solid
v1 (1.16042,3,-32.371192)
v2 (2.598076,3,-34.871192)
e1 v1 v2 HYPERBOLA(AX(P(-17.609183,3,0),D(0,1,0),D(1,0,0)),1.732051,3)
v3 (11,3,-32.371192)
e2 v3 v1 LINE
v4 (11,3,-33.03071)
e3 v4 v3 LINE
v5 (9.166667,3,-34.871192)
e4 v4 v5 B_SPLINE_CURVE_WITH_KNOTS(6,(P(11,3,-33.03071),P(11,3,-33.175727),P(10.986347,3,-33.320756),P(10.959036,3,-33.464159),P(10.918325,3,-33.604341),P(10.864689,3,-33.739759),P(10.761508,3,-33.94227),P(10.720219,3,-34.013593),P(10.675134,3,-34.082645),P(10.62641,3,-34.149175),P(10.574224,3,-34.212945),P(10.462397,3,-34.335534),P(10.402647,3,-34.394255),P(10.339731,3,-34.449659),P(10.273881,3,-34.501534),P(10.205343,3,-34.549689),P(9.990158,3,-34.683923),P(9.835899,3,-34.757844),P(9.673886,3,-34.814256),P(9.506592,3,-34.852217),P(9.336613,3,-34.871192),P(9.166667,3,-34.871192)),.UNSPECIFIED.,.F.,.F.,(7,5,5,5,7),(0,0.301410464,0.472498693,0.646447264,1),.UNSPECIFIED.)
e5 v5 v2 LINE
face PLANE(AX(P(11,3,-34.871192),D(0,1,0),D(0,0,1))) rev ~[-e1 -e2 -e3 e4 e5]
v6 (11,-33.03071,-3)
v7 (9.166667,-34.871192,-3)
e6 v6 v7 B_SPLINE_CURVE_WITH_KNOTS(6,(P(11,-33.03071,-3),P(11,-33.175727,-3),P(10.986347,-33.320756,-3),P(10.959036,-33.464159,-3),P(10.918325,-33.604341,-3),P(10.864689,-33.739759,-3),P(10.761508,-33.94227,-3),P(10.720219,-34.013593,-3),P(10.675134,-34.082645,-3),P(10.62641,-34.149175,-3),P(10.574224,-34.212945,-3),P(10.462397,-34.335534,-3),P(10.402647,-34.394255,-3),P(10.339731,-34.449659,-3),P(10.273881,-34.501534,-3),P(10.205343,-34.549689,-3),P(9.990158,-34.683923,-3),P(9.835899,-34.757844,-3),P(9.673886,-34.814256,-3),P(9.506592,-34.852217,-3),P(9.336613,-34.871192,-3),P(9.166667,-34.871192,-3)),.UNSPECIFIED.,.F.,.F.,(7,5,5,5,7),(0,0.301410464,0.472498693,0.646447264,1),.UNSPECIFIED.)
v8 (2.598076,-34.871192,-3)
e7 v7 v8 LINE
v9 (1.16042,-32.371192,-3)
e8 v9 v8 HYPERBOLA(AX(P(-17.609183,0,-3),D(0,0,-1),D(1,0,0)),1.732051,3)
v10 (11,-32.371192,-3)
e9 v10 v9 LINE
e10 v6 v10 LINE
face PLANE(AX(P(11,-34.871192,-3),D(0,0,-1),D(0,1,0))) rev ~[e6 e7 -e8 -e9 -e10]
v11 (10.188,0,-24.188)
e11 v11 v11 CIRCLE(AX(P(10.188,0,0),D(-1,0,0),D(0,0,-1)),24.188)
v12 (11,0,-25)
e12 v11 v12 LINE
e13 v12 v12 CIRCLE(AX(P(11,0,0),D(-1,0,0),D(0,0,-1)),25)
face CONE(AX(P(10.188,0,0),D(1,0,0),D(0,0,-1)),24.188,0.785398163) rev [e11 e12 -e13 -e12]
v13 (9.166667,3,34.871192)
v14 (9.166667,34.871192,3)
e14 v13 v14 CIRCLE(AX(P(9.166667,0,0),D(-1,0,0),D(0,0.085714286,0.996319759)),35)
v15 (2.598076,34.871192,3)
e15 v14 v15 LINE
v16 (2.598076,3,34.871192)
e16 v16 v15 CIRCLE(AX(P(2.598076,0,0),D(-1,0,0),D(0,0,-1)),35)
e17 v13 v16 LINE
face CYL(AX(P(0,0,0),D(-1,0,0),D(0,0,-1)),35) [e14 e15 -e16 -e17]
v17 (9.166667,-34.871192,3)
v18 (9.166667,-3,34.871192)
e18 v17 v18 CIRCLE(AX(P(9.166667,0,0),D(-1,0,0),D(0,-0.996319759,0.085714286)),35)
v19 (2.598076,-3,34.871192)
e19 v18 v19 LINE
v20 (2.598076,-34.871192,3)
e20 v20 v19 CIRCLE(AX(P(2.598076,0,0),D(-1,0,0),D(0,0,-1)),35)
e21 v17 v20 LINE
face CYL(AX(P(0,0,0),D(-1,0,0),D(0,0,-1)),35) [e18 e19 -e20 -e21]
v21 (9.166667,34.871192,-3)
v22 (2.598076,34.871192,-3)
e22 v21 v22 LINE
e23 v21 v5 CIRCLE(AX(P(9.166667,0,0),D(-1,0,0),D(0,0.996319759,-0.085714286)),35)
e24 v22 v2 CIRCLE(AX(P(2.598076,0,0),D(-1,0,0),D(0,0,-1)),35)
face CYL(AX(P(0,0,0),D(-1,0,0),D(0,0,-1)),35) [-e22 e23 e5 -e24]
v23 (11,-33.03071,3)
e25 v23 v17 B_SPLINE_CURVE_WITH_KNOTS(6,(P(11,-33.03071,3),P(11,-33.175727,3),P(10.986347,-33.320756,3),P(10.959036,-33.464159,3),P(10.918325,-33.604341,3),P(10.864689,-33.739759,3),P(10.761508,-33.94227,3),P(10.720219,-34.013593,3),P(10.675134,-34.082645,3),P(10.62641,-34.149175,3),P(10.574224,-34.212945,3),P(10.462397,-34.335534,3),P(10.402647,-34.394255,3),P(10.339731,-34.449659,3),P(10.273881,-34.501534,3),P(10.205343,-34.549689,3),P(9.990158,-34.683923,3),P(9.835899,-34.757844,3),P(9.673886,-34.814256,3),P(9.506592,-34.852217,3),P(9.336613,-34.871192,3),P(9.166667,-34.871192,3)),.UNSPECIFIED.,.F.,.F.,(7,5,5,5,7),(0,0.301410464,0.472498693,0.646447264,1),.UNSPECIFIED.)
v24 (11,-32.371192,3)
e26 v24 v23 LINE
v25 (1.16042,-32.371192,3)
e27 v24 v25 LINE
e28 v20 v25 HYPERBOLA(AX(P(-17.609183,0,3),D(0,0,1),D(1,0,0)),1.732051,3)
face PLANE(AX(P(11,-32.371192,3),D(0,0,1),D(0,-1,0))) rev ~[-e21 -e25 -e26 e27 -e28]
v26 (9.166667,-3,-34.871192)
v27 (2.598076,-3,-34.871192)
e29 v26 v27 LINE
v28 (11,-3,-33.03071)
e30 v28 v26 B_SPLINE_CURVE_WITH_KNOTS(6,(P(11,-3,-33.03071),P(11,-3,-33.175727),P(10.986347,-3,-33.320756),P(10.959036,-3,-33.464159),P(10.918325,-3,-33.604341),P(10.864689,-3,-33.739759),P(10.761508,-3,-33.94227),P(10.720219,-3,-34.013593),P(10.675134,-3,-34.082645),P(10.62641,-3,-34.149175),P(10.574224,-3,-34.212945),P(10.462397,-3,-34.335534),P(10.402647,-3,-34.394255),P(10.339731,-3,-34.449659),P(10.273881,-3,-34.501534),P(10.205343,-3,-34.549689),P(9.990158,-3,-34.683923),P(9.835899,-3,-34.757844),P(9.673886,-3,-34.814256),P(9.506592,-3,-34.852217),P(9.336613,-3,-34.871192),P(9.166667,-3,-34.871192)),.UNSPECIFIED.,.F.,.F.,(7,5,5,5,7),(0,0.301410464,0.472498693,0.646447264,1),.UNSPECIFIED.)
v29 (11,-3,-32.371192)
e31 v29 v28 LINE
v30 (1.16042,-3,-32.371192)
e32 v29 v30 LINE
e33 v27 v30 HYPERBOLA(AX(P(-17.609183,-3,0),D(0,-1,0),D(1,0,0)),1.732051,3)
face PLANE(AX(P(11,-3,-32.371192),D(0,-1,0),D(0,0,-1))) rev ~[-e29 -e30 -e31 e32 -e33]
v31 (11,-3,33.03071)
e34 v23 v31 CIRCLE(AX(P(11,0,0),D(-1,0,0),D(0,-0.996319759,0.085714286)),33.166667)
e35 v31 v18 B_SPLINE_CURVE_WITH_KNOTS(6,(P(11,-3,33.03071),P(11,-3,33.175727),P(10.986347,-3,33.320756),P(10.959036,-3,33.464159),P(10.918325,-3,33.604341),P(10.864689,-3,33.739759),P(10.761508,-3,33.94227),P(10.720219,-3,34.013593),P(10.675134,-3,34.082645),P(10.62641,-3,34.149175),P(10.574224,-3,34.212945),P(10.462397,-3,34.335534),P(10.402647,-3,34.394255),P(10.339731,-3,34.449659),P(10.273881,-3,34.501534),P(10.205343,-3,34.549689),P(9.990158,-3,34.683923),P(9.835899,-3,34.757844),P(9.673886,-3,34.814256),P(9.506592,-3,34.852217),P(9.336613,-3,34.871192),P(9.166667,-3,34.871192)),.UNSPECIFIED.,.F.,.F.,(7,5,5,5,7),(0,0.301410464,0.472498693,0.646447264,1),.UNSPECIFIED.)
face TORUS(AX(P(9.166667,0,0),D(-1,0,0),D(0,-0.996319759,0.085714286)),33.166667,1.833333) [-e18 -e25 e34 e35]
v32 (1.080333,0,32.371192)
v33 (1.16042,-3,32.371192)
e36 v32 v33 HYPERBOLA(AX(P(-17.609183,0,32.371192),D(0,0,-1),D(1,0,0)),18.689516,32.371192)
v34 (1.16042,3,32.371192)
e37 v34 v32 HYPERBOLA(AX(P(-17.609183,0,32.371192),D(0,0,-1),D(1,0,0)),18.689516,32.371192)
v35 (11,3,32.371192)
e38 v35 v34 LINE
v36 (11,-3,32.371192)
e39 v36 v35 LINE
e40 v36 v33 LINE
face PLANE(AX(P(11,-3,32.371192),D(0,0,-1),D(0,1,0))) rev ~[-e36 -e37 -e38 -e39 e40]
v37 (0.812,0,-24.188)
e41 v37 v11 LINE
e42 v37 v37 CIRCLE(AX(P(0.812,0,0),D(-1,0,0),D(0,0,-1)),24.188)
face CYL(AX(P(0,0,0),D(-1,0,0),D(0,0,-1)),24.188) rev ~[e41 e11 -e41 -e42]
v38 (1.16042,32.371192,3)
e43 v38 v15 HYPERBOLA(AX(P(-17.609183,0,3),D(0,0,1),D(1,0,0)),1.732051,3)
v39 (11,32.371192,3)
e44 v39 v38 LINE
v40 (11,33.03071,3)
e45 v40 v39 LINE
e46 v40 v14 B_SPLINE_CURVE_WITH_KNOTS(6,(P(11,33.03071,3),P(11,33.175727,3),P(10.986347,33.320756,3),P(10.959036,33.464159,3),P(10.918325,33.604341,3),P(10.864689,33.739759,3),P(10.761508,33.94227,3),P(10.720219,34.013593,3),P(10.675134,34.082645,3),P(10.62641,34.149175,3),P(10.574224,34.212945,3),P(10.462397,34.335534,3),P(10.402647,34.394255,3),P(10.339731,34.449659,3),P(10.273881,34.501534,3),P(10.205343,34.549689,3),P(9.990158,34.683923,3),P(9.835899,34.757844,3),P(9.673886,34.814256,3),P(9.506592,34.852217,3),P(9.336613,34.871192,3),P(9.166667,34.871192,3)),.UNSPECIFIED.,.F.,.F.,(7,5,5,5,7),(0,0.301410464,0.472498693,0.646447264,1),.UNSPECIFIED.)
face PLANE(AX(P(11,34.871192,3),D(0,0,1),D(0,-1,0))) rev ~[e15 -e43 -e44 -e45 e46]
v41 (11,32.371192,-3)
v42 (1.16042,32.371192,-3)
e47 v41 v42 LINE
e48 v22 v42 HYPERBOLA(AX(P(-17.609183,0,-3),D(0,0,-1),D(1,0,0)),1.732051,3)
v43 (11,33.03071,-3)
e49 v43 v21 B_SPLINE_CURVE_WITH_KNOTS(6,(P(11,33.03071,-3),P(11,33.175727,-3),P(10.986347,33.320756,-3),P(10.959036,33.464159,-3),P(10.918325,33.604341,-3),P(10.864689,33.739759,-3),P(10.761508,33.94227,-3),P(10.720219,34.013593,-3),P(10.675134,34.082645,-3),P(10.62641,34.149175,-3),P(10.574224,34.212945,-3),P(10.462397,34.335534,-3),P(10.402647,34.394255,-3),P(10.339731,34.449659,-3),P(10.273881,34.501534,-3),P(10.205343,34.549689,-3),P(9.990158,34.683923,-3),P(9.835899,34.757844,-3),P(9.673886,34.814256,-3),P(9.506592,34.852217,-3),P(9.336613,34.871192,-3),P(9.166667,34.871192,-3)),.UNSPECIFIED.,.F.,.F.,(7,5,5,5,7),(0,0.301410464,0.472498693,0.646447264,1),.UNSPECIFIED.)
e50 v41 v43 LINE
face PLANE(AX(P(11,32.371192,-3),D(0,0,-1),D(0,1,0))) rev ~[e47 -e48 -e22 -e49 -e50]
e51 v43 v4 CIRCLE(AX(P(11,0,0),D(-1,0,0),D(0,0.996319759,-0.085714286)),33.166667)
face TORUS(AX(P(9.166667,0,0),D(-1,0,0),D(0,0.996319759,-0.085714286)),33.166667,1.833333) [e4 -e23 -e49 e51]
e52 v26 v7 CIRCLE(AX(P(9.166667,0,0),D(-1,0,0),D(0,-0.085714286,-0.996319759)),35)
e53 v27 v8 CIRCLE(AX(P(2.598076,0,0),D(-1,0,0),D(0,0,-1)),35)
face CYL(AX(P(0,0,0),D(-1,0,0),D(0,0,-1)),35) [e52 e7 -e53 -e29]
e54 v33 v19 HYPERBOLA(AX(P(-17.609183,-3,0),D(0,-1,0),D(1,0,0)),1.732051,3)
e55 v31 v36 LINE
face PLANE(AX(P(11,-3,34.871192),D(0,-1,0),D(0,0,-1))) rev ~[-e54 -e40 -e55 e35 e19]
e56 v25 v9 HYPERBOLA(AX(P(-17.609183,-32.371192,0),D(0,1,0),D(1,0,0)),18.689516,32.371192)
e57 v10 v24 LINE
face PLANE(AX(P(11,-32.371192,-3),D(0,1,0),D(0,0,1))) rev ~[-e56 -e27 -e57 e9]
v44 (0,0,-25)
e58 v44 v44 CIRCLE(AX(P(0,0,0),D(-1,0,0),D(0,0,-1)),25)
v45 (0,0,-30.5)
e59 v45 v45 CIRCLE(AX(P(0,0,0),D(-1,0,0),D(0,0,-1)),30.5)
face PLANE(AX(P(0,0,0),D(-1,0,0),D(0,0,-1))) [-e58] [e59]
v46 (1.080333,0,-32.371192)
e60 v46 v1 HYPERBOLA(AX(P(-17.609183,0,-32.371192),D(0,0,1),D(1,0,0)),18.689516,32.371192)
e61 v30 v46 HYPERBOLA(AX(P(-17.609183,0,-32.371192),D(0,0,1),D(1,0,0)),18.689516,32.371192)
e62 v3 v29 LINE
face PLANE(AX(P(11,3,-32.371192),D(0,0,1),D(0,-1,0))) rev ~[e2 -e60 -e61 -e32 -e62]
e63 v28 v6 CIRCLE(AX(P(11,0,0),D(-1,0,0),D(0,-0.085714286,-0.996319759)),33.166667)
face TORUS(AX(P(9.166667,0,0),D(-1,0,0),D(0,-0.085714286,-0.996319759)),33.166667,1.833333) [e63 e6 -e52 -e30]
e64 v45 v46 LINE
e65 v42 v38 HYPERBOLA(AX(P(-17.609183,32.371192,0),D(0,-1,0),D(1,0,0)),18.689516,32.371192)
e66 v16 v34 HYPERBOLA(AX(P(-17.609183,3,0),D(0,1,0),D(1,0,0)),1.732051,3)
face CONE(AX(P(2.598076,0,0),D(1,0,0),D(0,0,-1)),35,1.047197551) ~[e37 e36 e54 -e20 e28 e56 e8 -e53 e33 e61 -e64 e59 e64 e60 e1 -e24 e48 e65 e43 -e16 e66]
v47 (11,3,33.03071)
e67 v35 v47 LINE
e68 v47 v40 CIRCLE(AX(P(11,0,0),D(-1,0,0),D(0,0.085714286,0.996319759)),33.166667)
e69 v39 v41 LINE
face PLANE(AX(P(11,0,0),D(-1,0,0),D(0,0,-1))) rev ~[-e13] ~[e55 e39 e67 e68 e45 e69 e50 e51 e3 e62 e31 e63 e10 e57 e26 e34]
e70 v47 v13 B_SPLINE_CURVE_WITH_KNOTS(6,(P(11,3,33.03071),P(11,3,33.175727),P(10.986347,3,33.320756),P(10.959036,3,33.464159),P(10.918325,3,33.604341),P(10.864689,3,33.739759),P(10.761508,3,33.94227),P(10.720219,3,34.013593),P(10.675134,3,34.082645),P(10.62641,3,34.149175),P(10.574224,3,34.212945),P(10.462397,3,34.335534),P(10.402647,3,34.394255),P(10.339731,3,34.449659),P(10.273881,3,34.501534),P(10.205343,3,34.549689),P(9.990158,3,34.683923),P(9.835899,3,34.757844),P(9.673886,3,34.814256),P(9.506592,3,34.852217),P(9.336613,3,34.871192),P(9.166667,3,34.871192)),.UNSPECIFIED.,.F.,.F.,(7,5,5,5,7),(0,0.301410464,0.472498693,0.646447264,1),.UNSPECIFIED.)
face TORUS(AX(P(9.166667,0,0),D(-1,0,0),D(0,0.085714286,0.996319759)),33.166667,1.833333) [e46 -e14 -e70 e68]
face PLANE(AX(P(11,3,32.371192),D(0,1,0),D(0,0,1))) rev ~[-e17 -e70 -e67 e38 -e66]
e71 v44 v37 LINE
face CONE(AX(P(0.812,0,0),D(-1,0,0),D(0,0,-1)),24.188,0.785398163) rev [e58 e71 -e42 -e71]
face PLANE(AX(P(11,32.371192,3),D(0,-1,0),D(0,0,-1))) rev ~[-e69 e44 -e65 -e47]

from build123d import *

# Parameters (mm, degrees)
SKETCH1_R           = 35
SKETCH1_R_2         = 24.188
BOSS_EXTRUDE1_DEPTH = 11
CHAMFER1_SIZE       = 4.5
CHAMFER1_SIZE2      = 2.598076211
CUT_EXTRUDE1_REACH  = 52.705
CUT_EXTRUDE2_REACH  = 52.705
CUT_EXTRUDE3_REACH  = 52.705
CUT_EXTRUDE4_REACH  = 52.616
CHAMFER2_SIZE       = 0.812
CHAMFER3_SIZE       = 0.812
FILLET1_R           = 1.833333333
FILLET2_R           = 1.833333333


with BuildPart() as part:
    # Sketch1 → Boss-Extrude1 (new body)
    with BuildSketch(Plane(origin=(0, 0, 0), x_dir=(0, -1, 0), z_dir=(-1, 0, 0))):
        with Locations(Location((0, 0, 0), (0, 0, 270))):
            Circle(SKETCH1_R)
        with Locations(Location((0, 0, 0), (0, 0, 270))):
            Circle(SKETCH1_R_2, mode=Mode.SUBTRACT)
    extrude(amount=-BOSS_EXTRUDE1_DEPTH)

    # Chamfer1
    chamfer1_edges = [part.edges().sort_by_distance(p)[0] for p in [
        (0, 0, 35),
    ]]
    chamfer1_side = [part.faces().sort_by_distance(p)[0] for p in [
        (0, 0, 34.010050506),
    ]]
    chamfer(chamfer1_edges, length=CHAMFER1_SIZE, length2=CHAMFER1_SIZE2, reference=chamfer1_side[0])

    # Cut-Extrude1: up to this cone (the profile starts inside it)
    cut_extrude1_end = Plane(origin=(11, 0, 0), z_dir=(1, 0, 0)).offset(-28.60918221) * Cone(1.732e-06, 227.533871731, 131.366741094, align=(Align.CENTER, Align.CENTER, Align.MIN), mode=Mode.PRIVATE)
    # Sketch2 → Cut-Extrude1 (cut, up to the surface)
    with BuildSketch(Plane(origin=(11, 0, 0), x_dir=(0, 0, -1), z_dir=(1, 0, 0)), mode=Mode.PRIVATE) as cut_extrude1_sk1:
        with BuildLine():
            Line((34.871191548, 3), (32.371191548, 3))
            Line((32.371191548, 3), (32.371191548, -3))
            Line((32.371191548, -3), (34.871191548, -3))
            ThreePointArc((34.871191548, -3), (35, 0), (34.871191548, 3))
        make_face()
    cut_extrude1_tool1 = extrude(cut_extrude1_sk1.sketch, amount=-CUT_EXTRUDE1_REACH, mode=Mode.PRIVATE) & cut_extrude1_end
    add(cut_extrude1_tool1.solids().sort_by_distance((11, 0, -33.664429))[0], mode=Mode.SUBTRACT)

    # Cut-Extrude2: up to this cone (the profile starts inside it)
    cut_extrude2_end = Plane(origin=(11, 0, 0), z_dir=(1, 0, 0)).offset(-28.60918221) * Cone(1.732e-06, 227.533871731, 131.366741094, align=(Align.CENTER, Align.CENTER, Align.MIN), mode=Mode.PRIVATE)
    # Sketch3 → Cut-Extrude2 (cut, up to the surface)
    with BuildSketch(Plane(origin=(11, 0, 0), x_dir=(0, 0, -1), z_dir=(1, 0, 0)), mode=Mode.PRIVATE) as cut_extrude2_sk1:
        with BuildLine():
            Line((3, -34.871191548), (3, -32.371191548))
            Line((3, -32.371191548), (-3, -32.371191548))
            Line((-3, -32.371191548), (-3, -34.871191548))
            ThreePointArc((-3, -34.871191548), (0, -35), (3, -34.871191548))
        make_face()
    cut_extrude2_tool1 = extrude(cut_extrude2_sk1.sketch, amount=-CUT_EXTRUDE2_REACH, mode=Mode.PRIVATE) & cut_extrude2_end
    add(cut_extrude2_tool1.solids().sort_by_distance((11, -33.664429, 0))[0], mode=Mode.SUBTRACT)

    # Cut-Extrude3: up to this cone (the profile starts inside it)
    cut_extrude3_end = Plane(origin=(11, 0, 0), z_dir=(1, 0, 0)).offset(-28.60918221) * Cone(1.732e-06, 227.533871731, 131.366741094, align=(Align.CENTER, Align.CENTER, Align.MIN), mode=Mode.PRIVATE)
    # Sketch4 → Cut-Extrude3 (cut, up to the surface)
    with BuildSketch(Plane(origin=(11, 0, 0), x_dir=(0, 0, -1), z_dir=(1, 0, 0)), mode=Mode.PRIVATE) as cut_extrude3_sk1:
        with BuildLine():
            Line((-34.871191548, -3), (-32.371191548, -3))
            Line((-32.371191548, -3), (-32.371191548, 3))
            Line((-32.371191548, 3), (-34.871191548, 3))
            ThreePointArc((-34.871191548, 3), (-35, 0), (-34.871191548, -3))
        make_face()
    cut_extrude3_tool1 = extrude(cut_extrude3_sk1.sketch, amount=-CUT_EXTRUDE3_REACH, mode=Mode.PRIVATE) & cut_extrude3_end
    add(cut_extrude3_tool1.solids().sort_by_distance((11, 0, 33.664429))[0], mode=Mode.SUBTRACT)

    # Cut-Extrude4: up to this cone (the profile starts inside it)
    cut_extrude4_end = Plane(origin=(11, 0, 0), z_dir=(1, 0, 0)).offset(-28.60918221) * Cone(1.732e-06, 227.379719209, 131.277741094, align=(Align.CENTER, Align.CENTER, Align.MIN), mode=Mode.PRIVATE)
    # Sketch5 → Cut-Extrude4 (cut, up to the surface)
    with BuildSketch(Plane(origin=(11, 0, 0), x_dir=(0, 0, -1), z_dir=(1, 0, 0)), mode=Mode.PRIVATE) as cut_extrude4_sk1:
        with BuildLine():
            Line((-3, 34.871191548), (-3, 32.371191548))
            Line((-3, 32.371191548), (3, 32.371191548))
            Line((3, 32.371191548), (3, 34.871191548))
            ThreePointArc((3, 34.871191548), (0, 35), (-3, 34.871191548))
        make_face()
    cut_extrude4_tool1 = extrude(cut_extrude4_sk1.sketch, amount=-CUT_EXTRUDE4_REACH, mode=Mode.PRIVATE) & cut_extrude4_end
    add(cut_extrude4_tool1.solids().sort_by_distance((11, 33.664429, 0))[0], mode=Mode.SUBTRACT)

    # Chamfer2
    chamfer2_edges = [part.edges().sort_by_distance(p)[0] for p in [
        (0, 0, 24.188),
    ]]
    chamfer(chamfer2_edges, length=CHAMFER2_SIZE)

    # Chamfer3
    chamfer3_edges = [part.edges().sort_by_distance(p)[0] for p in [
        (11, 0, 24.188),
    ]]
    chamfer(chamfer3_edges, length=CHAMFER3_SIZE)

    # Fillet1
    fillet1_edges = [part.edges().sort_by_distance(p)[0] for p in [
        (11, -24.748737342, 24.748737342),
        (11, 24.748737342, 24.748737342),
        (11, -24.748737342, -24.748737342),
    ]]
    fillet(fillet1_edges, radius=FILLET1_R)

    # Fillet2
    fillet2_edges = [part.edges().sort_by_distance(p)[0] for p in [
        (11, 24.748737342, -24.748737342),
    ]]
    fillet(fillet2_edges, radius=FILLET2_R)


solid = part.part
